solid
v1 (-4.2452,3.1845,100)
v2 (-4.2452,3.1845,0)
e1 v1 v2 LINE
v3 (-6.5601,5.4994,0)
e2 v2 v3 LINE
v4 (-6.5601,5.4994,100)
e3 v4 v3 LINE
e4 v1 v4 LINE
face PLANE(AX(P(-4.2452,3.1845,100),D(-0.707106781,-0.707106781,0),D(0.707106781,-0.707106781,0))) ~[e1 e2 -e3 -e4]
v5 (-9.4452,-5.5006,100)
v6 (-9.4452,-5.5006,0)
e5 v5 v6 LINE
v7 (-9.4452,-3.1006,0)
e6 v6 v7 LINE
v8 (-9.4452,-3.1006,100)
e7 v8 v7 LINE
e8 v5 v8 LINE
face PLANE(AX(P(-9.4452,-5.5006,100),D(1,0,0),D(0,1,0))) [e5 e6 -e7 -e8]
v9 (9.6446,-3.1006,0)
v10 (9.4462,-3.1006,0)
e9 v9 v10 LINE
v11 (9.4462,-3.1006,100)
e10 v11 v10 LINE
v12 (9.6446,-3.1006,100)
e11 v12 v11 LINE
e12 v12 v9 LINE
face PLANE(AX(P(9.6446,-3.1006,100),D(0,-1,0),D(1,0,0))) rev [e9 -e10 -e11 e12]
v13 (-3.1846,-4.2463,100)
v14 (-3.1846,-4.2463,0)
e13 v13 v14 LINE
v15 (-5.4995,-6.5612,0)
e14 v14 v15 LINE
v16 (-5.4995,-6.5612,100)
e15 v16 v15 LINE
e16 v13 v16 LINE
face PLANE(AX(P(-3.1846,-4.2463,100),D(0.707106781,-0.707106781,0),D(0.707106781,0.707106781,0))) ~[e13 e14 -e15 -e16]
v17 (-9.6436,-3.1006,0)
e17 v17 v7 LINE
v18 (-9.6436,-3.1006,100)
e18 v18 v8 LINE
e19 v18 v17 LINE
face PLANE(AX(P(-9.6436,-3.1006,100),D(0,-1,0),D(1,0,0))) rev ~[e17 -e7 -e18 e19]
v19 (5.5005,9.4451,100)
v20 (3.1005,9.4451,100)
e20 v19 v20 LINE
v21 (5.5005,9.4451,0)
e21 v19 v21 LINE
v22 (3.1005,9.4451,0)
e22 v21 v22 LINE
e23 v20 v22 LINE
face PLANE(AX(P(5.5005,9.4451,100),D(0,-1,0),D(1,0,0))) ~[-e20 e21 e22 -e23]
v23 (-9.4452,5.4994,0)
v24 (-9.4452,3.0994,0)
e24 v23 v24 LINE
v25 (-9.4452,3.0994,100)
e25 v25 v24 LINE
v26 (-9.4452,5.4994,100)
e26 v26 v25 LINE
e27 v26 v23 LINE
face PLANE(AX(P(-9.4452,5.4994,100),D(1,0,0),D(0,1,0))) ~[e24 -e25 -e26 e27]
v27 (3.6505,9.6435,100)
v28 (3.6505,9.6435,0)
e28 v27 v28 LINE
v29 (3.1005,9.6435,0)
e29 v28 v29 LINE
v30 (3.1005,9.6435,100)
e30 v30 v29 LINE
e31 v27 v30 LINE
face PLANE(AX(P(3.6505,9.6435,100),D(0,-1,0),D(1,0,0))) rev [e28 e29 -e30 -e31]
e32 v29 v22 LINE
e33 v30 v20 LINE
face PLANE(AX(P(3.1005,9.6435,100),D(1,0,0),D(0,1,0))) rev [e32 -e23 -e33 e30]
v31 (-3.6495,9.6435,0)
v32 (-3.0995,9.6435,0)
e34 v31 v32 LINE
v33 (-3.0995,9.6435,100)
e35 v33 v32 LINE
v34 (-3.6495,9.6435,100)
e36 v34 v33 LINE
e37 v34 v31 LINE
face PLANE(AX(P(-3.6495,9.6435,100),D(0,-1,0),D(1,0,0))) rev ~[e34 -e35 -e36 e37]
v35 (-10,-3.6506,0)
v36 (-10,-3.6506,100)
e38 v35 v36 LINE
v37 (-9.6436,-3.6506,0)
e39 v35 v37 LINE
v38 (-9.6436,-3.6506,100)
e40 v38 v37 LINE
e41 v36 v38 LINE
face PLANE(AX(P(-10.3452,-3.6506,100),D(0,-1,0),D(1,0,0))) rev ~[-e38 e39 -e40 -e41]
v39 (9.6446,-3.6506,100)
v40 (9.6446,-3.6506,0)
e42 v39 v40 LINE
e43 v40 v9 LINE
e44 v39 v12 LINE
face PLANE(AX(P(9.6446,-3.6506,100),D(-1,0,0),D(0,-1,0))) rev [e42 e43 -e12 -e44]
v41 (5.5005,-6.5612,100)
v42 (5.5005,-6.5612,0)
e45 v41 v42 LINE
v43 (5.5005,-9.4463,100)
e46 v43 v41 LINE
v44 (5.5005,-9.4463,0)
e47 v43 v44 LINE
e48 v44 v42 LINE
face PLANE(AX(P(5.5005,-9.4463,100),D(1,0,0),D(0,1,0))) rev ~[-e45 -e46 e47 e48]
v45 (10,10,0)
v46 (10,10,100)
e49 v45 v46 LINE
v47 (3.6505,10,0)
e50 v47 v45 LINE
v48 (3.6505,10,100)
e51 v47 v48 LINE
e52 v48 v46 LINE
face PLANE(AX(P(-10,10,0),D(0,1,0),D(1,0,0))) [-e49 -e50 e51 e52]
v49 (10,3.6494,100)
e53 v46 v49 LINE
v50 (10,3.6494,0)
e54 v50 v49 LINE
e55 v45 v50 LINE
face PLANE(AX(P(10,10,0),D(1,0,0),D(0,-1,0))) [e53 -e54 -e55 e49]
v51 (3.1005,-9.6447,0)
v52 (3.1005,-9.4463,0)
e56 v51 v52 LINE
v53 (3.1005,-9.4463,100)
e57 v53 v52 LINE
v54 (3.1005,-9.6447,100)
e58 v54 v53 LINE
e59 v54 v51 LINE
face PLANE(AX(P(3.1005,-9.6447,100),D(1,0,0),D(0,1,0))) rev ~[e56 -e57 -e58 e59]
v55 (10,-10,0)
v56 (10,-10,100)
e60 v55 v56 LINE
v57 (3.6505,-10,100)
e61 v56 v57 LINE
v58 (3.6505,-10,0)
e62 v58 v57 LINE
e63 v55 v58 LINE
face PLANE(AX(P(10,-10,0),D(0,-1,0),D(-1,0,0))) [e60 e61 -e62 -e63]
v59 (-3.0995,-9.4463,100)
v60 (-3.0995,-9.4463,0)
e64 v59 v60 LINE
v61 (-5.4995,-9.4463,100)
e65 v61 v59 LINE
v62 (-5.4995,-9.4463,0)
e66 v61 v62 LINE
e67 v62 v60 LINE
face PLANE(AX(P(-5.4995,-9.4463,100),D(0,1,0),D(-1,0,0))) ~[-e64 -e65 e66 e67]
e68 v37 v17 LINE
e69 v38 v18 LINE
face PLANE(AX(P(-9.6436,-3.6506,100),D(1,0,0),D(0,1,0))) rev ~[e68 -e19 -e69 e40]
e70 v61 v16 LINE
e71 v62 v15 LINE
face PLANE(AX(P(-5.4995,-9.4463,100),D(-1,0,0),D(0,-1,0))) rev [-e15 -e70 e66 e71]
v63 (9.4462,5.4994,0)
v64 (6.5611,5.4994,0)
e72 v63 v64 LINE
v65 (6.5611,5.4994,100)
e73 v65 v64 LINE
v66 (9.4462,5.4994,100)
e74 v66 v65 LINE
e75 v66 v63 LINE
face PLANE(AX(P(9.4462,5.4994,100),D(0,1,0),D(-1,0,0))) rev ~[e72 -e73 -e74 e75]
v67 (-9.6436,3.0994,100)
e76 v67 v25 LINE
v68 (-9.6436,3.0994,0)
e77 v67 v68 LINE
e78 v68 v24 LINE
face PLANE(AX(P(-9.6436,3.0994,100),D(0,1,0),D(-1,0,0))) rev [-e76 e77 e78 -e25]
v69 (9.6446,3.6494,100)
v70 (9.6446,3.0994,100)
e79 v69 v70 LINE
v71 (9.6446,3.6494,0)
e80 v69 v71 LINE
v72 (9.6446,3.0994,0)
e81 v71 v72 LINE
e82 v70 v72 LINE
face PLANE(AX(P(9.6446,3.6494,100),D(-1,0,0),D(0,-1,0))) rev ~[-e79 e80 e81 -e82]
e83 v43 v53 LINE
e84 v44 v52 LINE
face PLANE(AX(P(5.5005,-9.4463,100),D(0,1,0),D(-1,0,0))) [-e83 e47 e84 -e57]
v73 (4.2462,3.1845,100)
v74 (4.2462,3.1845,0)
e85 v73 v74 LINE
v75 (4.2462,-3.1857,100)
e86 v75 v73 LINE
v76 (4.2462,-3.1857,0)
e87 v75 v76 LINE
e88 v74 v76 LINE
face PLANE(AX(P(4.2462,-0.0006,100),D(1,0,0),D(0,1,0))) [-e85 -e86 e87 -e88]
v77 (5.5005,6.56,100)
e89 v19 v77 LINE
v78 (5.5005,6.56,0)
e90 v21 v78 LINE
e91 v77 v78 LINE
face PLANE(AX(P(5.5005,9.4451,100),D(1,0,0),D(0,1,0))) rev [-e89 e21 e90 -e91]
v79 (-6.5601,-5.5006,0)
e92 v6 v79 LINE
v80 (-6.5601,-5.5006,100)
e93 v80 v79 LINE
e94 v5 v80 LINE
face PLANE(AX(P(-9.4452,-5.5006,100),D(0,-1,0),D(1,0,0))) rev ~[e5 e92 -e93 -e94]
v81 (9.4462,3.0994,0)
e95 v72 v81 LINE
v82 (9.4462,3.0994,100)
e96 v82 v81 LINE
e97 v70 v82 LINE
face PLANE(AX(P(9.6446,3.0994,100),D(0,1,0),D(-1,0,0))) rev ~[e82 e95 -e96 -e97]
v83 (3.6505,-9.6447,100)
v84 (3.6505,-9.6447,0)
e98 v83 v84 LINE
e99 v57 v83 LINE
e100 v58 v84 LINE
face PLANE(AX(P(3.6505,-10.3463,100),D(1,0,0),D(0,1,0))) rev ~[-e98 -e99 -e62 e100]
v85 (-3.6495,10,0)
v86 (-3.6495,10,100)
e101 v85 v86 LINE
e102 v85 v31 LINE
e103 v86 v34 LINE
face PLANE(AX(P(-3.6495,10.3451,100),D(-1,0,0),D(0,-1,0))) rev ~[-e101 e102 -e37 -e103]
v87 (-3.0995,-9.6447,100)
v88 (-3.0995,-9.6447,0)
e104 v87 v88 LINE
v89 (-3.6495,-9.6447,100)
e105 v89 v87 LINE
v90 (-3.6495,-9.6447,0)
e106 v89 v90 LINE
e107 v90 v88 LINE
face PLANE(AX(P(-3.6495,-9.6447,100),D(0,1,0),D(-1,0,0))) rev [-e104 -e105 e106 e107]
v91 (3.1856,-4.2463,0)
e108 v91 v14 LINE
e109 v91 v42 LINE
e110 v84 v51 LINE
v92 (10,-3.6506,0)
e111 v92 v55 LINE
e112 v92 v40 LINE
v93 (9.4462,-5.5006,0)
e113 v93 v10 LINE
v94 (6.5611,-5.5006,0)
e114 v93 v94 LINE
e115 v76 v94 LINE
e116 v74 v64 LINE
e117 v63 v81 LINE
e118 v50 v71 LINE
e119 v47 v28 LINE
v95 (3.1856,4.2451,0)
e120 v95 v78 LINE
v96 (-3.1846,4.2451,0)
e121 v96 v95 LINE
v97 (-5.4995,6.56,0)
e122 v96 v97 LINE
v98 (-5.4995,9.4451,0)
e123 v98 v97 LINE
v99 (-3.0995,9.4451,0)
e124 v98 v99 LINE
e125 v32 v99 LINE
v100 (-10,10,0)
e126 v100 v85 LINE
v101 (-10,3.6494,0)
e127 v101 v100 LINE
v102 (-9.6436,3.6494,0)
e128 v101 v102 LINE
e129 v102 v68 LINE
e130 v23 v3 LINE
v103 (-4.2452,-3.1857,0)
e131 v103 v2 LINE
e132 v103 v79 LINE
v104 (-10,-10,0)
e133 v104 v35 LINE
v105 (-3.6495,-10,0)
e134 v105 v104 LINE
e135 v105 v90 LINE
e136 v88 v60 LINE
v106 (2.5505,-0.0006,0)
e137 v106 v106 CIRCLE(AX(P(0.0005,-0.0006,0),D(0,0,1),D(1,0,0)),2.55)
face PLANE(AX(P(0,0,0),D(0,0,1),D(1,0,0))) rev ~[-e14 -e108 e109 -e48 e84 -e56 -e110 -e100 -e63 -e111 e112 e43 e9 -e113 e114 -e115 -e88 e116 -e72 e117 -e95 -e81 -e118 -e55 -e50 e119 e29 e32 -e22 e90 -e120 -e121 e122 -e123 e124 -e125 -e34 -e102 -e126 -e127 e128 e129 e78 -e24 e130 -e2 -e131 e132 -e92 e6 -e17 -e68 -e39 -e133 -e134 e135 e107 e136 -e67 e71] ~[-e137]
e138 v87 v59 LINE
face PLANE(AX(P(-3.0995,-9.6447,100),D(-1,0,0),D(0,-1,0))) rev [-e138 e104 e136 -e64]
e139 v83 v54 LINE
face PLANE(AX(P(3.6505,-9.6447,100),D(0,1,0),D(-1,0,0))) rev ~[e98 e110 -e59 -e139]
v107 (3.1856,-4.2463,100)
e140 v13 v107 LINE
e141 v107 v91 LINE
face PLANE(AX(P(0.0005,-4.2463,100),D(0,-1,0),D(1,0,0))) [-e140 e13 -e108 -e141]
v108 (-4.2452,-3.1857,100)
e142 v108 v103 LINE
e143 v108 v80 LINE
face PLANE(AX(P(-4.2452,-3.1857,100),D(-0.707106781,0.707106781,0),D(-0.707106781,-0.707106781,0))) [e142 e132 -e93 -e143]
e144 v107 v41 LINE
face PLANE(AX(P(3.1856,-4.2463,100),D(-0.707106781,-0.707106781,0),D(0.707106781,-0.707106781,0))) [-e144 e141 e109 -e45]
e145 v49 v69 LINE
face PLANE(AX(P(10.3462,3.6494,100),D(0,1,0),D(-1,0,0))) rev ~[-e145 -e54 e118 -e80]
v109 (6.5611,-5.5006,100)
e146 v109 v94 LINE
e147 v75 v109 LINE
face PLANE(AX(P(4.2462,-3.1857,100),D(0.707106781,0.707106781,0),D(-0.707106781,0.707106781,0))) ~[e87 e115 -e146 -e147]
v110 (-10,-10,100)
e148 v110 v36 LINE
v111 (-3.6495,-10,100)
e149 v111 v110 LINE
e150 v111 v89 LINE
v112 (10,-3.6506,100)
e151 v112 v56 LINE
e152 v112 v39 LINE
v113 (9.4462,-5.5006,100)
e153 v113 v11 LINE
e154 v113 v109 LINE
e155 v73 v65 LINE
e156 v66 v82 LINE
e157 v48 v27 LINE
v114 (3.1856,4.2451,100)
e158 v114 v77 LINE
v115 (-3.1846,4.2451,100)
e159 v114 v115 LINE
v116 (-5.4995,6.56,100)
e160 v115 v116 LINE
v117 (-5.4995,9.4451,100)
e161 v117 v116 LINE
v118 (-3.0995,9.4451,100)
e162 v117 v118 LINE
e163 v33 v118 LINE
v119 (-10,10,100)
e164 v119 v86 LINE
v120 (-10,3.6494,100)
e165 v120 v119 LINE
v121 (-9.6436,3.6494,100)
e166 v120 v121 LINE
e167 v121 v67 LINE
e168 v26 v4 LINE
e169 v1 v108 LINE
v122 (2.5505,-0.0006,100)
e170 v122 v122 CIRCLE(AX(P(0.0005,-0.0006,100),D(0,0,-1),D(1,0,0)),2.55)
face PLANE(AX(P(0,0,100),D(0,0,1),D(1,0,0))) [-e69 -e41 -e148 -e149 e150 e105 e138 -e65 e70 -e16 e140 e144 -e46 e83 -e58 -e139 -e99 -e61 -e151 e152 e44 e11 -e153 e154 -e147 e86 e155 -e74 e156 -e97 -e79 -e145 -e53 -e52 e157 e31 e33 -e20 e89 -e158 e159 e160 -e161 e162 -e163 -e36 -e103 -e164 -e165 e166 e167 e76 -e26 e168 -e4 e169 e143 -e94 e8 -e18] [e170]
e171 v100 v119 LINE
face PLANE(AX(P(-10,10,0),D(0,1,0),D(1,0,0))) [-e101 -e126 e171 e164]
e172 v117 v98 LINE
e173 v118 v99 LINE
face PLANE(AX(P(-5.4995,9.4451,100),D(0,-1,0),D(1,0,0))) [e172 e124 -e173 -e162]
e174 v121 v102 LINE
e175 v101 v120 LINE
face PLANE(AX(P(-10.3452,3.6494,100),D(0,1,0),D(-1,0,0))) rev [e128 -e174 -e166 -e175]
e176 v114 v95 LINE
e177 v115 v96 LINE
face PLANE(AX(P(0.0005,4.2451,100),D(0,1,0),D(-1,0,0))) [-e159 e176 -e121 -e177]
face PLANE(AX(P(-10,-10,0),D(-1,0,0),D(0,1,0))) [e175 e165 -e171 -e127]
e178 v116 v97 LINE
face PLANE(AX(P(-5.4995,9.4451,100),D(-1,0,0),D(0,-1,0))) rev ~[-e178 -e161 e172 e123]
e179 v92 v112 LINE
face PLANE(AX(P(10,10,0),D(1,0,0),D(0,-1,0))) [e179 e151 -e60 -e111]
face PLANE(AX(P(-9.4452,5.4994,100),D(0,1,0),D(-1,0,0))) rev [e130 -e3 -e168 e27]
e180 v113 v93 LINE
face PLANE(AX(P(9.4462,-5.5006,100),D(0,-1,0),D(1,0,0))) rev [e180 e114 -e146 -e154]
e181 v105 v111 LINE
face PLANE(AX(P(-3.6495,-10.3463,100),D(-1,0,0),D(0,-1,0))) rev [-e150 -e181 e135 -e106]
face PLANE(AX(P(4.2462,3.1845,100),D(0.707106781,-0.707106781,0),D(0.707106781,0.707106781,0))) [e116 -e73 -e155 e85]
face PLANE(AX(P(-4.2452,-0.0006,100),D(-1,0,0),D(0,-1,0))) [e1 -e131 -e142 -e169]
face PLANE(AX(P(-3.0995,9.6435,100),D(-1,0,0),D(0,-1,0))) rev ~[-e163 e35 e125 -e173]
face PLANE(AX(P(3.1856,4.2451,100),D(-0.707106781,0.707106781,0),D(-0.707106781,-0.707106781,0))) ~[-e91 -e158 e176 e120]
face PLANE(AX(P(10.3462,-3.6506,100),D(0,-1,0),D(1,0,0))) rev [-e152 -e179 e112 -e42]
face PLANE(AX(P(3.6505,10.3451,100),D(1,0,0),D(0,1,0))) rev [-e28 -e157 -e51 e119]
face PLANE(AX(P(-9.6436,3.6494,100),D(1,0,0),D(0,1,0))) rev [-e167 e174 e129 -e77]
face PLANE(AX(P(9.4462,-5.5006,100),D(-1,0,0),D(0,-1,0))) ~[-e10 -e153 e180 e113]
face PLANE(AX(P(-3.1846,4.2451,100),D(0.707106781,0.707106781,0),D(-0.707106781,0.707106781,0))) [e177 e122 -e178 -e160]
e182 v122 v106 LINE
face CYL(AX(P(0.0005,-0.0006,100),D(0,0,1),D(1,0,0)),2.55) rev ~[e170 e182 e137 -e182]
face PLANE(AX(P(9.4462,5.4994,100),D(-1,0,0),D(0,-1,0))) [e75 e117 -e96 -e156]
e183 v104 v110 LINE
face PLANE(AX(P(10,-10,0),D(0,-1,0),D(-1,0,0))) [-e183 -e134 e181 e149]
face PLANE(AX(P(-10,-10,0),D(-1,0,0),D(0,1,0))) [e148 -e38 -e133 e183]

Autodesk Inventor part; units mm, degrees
ref_plane "YZ Plane" through (0, 0, 0) normal (1, 0, 0) x (0, 1, 0)
ref_plane "XZ Plane" through (0, 0, 0) normal (0, 1, 0) x (-1, 0, 0)
ref_plane "XY Plane" through (0, 0, 0) normal (0, 0, 1) x (1, 0, 0)
sketch "草图1" plane through (0, 0, 0) normal (0, 0, 1) x (1, 0, 0)
  line L0 (10, -10) -> (-10, -10)
  line L1 (-10, -10) -> (-10, 10)
  line L2 (-10, 10) -> (10, 10)
  line L3 (10, 10) -> (10, -10)
  line L4 (10, -10) -> (-10, 10) construction
  line L5 (-10, -10) -> (10, 10) construction
  point P0 (0, 0)
  dimension "d0" = 20
  dimension "d1" = 20
extrude "拉伸1" add sketch "草图1" along normal blind 100
sketch "草图2" plane through (0, 0, 100) normal (0, 0, 1) x (1, 0, 0)
  line L0 (-10.3453, 3.6494) -> (-10.3453, 10.3451)
  line L1 (-10.3453, 3.0994) -> (-10.3453, 10.3451)
  line L2 (-10.3453, 10.3451) -> (-10.3453, -10.0013)
  line L3 (-10.3453, 5.4994) -> (-10.3453, 10.3451)
  line L4 (-3.6495, 9.6435) -> (-3.0995, 9.6435)
  line L5 (-5.4995, 12.01) -> (-5.4995, 5.4994)
  line L6 (-3.0995, 10.3451) -> (-3.0995, 9.4451)
  line L7 (-5.4995, 9.4451) -> (0.0005, 9.4451)
  line L8 (-3.6495, 10.3451) -> (-3.6495, 9.4451)
  circle A0 centre (0.0005, -0.0006) radius 2.55
  line L9 (-5.4995, 10.3451) -> (-5.4995, 5.4994)
  line L10 (-10.3453, 10.3451) -> (-5.4995, 10.3451)
  line L11 (-5.4995, 5.4994) -> (-10.3453, 5.4994)
  line L12 (-4.2453, 4.2451) -> (-4.2453, -0.0006)
  line L13 (-10.3453, 10.3451) -> (-3.6495, 10.3451)
  line L14 (-10.3453, 10.3451) -> (-3.0995, 10.3451)
  line L15 (-11.061, -0.0006) -> (0.0005, -0.0006)
  line L16 (-1.0602, -0.0006) -> (-10.3453, 9.2845)
  line L17 (-10.3453, 10.3451) -> (0.0005, -0.0006)
  line L18 (0.0005, 1.06) -> (-9.2846, 10.3451)
  line L19 (0.0005, -0.0006) -> (0.0005, 11.5494)
  line L20 (10.0005, 10.3451) -> (-10.3453, 10.3451)
  line L21 (0.0005, 4.2451) -> (-4.2453, 4.2451)
  point P0 (0, 0)
  point P1 (-3.0995, 9.8951)
  point P2 (-5.4995, 6.56)
  point P3 (-3.1846, 4.2451)
  point P4 (0.0005, 10.3451)
  point P5 (-3.0995, 10.3451)
  dimension "d4" = 5.1
  dimension "d5" = 6.1
  dimension "d6" = 1.5
  dimension "d7" = 5.5
  dimension "d8" = 0.9
  dimension "d9" = 3.1
  dimension "d10" = 3.65
extrude "拉伸2" cut sketch "草图2" against normal blind 205.75 contours L5 L7 L19 L21 L18 | L16 L15 A0 | A0 L17 L15 L16 | L15 L19 A0 | A0 L18 L19 L17 | L14 L6 L4 L8 | A0 L19 L18 | L20 L19 L7 L6
mirror "镜像1" about plane through (0.0005, 10.3451, 100) normal (-1, 0, 0) of "拉伸2"
pattern_circular "环形阵列1" count 4 over 360 about axis through (0.0005, -0.0006, 100) along (0, 0, -1) of "拉伸2", "镜像1"
properties part number "铝方管2020x60"
